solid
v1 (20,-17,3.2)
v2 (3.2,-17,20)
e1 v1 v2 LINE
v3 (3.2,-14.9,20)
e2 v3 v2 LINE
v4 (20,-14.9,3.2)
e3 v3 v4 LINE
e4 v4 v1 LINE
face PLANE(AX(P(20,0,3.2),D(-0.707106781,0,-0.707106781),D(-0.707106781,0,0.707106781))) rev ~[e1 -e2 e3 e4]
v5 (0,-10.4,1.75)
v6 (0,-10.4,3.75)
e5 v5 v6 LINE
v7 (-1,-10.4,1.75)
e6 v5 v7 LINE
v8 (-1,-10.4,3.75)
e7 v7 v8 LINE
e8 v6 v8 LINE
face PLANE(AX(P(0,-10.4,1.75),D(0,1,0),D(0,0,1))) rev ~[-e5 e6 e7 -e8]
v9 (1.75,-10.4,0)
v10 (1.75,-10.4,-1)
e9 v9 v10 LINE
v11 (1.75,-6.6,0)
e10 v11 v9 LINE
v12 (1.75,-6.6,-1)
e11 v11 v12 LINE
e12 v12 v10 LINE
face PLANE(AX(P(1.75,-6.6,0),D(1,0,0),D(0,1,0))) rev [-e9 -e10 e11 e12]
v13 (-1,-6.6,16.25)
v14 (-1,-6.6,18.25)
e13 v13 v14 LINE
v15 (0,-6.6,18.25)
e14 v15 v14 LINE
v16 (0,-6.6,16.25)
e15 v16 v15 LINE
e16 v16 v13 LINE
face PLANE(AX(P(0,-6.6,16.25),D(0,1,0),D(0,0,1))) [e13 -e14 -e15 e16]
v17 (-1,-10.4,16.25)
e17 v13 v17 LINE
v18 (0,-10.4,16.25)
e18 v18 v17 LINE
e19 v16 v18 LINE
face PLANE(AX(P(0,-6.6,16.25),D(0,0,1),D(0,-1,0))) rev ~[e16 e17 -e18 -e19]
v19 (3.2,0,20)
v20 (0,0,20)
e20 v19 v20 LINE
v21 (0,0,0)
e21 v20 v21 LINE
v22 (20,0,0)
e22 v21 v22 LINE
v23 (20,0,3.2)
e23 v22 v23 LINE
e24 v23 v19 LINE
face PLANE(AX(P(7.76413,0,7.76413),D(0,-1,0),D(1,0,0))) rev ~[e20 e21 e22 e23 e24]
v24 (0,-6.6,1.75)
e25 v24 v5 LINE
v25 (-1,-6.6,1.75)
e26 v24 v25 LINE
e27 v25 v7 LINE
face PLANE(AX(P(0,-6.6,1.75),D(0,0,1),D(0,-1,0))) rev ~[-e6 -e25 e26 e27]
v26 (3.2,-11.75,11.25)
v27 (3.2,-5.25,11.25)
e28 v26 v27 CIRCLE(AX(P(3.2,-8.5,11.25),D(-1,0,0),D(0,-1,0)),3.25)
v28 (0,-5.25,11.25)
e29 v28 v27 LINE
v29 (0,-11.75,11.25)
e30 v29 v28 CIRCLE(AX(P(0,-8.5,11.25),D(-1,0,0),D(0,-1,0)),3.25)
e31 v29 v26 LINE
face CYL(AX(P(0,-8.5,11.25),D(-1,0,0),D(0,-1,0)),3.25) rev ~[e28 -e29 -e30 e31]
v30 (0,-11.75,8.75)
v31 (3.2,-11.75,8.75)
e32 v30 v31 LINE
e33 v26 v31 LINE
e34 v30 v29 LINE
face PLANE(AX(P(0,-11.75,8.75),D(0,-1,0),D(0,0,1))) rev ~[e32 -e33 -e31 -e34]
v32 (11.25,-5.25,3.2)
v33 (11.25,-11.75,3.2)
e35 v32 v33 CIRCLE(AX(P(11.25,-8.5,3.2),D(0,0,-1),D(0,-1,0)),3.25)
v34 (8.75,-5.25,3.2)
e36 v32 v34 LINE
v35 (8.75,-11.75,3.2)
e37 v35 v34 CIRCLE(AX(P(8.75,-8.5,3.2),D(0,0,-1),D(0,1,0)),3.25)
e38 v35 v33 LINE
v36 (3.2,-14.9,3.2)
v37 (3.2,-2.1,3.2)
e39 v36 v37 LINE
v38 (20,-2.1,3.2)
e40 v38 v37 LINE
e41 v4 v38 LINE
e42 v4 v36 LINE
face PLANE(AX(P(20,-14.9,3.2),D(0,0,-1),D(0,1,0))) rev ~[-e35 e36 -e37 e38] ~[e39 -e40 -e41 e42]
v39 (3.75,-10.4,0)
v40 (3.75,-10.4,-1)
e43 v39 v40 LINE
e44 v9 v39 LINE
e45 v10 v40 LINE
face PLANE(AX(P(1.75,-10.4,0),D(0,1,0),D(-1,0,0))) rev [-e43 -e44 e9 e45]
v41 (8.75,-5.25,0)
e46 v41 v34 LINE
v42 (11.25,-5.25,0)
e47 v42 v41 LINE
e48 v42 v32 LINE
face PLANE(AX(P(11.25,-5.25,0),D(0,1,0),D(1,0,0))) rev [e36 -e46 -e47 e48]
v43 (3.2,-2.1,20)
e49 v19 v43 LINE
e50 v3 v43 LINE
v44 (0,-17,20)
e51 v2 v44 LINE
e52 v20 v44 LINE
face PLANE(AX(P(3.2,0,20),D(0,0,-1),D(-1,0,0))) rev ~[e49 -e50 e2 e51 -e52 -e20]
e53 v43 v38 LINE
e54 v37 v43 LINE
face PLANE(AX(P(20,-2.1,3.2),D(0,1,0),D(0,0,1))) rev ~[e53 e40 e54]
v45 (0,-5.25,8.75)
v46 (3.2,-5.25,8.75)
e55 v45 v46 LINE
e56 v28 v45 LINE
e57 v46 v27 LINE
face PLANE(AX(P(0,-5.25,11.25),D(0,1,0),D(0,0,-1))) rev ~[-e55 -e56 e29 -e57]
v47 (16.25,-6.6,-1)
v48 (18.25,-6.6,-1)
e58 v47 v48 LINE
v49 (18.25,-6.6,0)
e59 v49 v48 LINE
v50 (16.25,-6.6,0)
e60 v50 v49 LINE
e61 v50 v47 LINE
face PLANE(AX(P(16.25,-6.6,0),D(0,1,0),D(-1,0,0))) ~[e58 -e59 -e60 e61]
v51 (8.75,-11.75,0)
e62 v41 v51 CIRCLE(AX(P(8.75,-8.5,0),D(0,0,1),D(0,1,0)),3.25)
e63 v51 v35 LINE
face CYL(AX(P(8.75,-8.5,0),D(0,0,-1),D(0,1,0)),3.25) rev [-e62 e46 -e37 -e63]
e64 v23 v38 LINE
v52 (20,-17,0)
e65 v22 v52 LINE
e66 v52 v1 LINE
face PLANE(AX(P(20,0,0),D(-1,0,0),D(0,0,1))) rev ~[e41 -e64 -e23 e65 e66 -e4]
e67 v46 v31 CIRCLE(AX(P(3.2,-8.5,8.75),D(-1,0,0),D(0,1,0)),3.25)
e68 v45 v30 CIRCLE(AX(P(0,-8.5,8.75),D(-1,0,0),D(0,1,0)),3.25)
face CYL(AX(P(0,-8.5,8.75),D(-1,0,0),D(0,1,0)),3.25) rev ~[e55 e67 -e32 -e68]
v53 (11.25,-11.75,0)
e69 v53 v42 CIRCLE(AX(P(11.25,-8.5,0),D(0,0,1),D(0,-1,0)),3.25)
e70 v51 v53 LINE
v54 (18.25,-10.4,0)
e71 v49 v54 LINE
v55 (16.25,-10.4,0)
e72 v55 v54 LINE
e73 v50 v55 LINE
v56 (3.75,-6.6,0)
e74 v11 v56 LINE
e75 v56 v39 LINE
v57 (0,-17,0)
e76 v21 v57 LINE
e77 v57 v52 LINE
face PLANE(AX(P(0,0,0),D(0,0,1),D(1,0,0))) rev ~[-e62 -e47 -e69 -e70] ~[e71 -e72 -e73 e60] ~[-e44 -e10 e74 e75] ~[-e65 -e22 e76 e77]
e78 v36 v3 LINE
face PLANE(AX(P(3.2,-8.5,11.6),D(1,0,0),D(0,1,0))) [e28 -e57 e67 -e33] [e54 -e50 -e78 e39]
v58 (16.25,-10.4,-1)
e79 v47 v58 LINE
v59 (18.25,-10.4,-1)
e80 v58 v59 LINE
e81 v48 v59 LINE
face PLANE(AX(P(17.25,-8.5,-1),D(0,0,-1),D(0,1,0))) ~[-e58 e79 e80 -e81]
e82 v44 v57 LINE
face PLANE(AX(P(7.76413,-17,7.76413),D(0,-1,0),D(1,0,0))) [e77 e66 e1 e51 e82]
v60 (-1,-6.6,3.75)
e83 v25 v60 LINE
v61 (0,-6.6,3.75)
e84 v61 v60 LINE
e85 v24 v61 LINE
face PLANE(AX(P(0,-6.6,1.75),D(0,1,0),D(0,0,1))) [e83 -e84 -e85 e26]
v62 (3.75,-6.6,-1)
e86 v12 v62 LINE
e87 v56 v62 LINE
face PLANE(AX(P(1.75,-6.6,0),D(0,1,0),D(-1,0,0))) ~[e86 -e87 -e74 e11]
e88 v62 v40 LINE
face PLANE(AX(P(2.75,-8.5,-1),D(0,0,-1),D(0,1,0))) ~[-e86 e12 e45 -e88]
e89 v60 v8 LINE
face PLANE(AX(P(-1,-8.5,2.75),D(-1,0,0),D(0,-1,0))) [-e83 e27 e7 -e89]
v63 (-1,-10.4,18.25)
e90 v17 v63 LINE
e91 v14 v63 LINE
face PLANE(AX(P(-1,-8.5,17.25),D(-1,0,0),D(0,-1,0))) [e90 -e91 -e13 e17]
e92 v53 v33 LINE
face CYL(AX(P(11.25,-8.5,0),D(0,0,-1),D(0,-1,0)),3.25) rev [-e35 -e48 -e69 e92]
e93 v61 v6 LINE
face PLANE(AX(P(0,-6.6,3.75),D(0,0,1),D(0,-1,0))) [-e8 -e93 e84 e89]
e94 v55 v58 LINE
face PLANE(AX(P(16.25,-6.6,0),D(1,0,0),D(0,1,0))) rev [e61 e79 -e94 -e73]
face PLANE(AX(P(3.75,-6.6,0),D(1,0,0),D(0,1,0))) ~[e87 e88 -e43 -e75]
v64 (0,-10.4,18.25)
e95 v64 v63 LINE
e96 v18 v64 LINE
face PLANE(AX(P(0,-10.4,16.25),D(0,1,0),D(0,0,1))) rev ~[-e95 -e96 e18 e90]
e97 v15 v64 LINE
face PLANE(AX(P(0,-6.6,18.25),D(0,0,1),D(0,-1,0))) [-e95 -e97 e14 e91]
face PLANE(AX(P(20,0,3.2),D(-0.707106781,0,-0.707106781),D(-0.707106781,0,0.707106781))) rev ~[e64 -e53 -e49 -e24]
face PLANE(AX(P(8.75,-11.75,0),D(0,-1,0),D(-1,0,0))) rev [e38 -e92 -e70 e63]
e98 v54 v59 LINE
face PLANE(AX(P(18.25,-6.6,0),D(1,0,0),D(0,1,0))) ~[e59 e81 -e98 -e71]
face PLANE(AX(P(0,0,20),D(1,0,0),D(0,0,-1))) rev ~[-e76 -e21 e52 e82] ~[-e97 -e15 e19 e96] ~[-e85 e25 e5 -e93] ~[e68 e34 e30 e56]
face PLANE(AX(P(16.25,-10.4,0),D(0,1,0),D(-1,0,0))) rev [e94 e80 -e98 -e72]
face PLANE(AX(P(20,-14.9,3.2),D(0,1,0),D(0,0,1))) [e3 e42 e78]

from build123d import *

# Parameters (mm, degrees)
F1_DEPTH  = 17
F2_W      = 12.8
F2_H      = 16.8
F3_DEPTH  = 16.8
F5_DEPTH  = 5
F11_W     = 3.8
F11_H     = 2
F12_DEPTH = 1


with BuildPart() as f1:
    # F0 (on Front) → F1 (new body)
    with BuildSketch(Plane.XZ):
        Polygon((0, 20), (0, 0), (20, 0), (20, 3.2), (3.2, 20), align=None)
    extrude(amount=F1_DEPTH)

    # F2 (on face) → F3 (cut)
    with BuildSketch(Plane.YZ.offset(20)):
        with Locations((-8.5, 11.6)):
            Rectangle(F2_W, F2_H)
    extrude(amount=-F3_DEPTH, mode=Mode.SUBTRACT)


with BuildPart() as f5:
    # F4 (on face) → F5 (new body)
    with BuildSketch(Plane(origin=(0, 0, 0), x_dir=(0, -1, 0), z_dir=(-1, 0, 0))):
        with BuildLine():
            ThreePointArc((5.25, 8.75), (8.5, 5.5), (11.75, 8.75))
            Line((11.75, 8.75), (11.75, 11.25))
            ThreePointArc((11.75, 11.25), (8.5, 14.5), (5.25, 11.25))
            Line((5.25, 11.25), (5.25, 8.75))
        make_face()
    extrude(amount=-F5_DEPTH)


with BuildPart() as f9_1:
    # F9: instance of F5
    add(f5.part.mirror(Plane(origin=(11.6, -2.1, 11.6), x_dir=(-0.7071067812, 0, -0.7071067812), z_dir=(0.7071067812, 0, -0.7071067812))))


with BuildPart() as f1_1:
    add(f1.part)

    # F10: cut F5, F9_1
    add(f5.part, mode=Mode.SUBTRACT)
    add(f9_1.part, mode=Mode.SUBTRACT)



with BuildPart() as f12:
    # F11 (on face) → F12 (new body)
    with BuildSketch(Plane(origin=(0, 0, 0), x_dir=(0, -1, 0), z_dir=(-1, 0, 0))):
        with Locations((8.5, 17.25)):
            Rectangle(F11_W, F11_H)
    extrude(amount=F12_DEPTH)


with BuildPart() as f12b:
    # F11 (on face) → F12, piece 2 (new body)
    with BuildSketch(Plane(origin=(0, 0, 0), x_dir=(0, -1, 0), z_dir=(-1, 0, 0))):
        with Locations((8.5, 2.75)):
            Rectangle(F11_W, F11_H)
    extrude(amount=F12_DEPTH)


with BuildPart() as f1_2:
    add(f1_1.part)

    add(f12.part)  # F13 merges F12

    add(f12b.part)  # F13 merges F12b
    # F13: F12, F12b across plane
    add(f12.part.mirror(Plane(origin=(11.6, -2.1, 11.6), x_dir=(-0.7071067812, 0, -0.7071067812), z_dir=(0.7071067812, 0, -0.7071067812))))
    add(f12b.part.mirror(Plane(origin=(11.6, -2.1, 11.6), x_dir=(-0.7071067812, 0, -0.7071067812), z_dir=(0.7071067812, 0, -0.7071067812))))


solid = f1_2.part
